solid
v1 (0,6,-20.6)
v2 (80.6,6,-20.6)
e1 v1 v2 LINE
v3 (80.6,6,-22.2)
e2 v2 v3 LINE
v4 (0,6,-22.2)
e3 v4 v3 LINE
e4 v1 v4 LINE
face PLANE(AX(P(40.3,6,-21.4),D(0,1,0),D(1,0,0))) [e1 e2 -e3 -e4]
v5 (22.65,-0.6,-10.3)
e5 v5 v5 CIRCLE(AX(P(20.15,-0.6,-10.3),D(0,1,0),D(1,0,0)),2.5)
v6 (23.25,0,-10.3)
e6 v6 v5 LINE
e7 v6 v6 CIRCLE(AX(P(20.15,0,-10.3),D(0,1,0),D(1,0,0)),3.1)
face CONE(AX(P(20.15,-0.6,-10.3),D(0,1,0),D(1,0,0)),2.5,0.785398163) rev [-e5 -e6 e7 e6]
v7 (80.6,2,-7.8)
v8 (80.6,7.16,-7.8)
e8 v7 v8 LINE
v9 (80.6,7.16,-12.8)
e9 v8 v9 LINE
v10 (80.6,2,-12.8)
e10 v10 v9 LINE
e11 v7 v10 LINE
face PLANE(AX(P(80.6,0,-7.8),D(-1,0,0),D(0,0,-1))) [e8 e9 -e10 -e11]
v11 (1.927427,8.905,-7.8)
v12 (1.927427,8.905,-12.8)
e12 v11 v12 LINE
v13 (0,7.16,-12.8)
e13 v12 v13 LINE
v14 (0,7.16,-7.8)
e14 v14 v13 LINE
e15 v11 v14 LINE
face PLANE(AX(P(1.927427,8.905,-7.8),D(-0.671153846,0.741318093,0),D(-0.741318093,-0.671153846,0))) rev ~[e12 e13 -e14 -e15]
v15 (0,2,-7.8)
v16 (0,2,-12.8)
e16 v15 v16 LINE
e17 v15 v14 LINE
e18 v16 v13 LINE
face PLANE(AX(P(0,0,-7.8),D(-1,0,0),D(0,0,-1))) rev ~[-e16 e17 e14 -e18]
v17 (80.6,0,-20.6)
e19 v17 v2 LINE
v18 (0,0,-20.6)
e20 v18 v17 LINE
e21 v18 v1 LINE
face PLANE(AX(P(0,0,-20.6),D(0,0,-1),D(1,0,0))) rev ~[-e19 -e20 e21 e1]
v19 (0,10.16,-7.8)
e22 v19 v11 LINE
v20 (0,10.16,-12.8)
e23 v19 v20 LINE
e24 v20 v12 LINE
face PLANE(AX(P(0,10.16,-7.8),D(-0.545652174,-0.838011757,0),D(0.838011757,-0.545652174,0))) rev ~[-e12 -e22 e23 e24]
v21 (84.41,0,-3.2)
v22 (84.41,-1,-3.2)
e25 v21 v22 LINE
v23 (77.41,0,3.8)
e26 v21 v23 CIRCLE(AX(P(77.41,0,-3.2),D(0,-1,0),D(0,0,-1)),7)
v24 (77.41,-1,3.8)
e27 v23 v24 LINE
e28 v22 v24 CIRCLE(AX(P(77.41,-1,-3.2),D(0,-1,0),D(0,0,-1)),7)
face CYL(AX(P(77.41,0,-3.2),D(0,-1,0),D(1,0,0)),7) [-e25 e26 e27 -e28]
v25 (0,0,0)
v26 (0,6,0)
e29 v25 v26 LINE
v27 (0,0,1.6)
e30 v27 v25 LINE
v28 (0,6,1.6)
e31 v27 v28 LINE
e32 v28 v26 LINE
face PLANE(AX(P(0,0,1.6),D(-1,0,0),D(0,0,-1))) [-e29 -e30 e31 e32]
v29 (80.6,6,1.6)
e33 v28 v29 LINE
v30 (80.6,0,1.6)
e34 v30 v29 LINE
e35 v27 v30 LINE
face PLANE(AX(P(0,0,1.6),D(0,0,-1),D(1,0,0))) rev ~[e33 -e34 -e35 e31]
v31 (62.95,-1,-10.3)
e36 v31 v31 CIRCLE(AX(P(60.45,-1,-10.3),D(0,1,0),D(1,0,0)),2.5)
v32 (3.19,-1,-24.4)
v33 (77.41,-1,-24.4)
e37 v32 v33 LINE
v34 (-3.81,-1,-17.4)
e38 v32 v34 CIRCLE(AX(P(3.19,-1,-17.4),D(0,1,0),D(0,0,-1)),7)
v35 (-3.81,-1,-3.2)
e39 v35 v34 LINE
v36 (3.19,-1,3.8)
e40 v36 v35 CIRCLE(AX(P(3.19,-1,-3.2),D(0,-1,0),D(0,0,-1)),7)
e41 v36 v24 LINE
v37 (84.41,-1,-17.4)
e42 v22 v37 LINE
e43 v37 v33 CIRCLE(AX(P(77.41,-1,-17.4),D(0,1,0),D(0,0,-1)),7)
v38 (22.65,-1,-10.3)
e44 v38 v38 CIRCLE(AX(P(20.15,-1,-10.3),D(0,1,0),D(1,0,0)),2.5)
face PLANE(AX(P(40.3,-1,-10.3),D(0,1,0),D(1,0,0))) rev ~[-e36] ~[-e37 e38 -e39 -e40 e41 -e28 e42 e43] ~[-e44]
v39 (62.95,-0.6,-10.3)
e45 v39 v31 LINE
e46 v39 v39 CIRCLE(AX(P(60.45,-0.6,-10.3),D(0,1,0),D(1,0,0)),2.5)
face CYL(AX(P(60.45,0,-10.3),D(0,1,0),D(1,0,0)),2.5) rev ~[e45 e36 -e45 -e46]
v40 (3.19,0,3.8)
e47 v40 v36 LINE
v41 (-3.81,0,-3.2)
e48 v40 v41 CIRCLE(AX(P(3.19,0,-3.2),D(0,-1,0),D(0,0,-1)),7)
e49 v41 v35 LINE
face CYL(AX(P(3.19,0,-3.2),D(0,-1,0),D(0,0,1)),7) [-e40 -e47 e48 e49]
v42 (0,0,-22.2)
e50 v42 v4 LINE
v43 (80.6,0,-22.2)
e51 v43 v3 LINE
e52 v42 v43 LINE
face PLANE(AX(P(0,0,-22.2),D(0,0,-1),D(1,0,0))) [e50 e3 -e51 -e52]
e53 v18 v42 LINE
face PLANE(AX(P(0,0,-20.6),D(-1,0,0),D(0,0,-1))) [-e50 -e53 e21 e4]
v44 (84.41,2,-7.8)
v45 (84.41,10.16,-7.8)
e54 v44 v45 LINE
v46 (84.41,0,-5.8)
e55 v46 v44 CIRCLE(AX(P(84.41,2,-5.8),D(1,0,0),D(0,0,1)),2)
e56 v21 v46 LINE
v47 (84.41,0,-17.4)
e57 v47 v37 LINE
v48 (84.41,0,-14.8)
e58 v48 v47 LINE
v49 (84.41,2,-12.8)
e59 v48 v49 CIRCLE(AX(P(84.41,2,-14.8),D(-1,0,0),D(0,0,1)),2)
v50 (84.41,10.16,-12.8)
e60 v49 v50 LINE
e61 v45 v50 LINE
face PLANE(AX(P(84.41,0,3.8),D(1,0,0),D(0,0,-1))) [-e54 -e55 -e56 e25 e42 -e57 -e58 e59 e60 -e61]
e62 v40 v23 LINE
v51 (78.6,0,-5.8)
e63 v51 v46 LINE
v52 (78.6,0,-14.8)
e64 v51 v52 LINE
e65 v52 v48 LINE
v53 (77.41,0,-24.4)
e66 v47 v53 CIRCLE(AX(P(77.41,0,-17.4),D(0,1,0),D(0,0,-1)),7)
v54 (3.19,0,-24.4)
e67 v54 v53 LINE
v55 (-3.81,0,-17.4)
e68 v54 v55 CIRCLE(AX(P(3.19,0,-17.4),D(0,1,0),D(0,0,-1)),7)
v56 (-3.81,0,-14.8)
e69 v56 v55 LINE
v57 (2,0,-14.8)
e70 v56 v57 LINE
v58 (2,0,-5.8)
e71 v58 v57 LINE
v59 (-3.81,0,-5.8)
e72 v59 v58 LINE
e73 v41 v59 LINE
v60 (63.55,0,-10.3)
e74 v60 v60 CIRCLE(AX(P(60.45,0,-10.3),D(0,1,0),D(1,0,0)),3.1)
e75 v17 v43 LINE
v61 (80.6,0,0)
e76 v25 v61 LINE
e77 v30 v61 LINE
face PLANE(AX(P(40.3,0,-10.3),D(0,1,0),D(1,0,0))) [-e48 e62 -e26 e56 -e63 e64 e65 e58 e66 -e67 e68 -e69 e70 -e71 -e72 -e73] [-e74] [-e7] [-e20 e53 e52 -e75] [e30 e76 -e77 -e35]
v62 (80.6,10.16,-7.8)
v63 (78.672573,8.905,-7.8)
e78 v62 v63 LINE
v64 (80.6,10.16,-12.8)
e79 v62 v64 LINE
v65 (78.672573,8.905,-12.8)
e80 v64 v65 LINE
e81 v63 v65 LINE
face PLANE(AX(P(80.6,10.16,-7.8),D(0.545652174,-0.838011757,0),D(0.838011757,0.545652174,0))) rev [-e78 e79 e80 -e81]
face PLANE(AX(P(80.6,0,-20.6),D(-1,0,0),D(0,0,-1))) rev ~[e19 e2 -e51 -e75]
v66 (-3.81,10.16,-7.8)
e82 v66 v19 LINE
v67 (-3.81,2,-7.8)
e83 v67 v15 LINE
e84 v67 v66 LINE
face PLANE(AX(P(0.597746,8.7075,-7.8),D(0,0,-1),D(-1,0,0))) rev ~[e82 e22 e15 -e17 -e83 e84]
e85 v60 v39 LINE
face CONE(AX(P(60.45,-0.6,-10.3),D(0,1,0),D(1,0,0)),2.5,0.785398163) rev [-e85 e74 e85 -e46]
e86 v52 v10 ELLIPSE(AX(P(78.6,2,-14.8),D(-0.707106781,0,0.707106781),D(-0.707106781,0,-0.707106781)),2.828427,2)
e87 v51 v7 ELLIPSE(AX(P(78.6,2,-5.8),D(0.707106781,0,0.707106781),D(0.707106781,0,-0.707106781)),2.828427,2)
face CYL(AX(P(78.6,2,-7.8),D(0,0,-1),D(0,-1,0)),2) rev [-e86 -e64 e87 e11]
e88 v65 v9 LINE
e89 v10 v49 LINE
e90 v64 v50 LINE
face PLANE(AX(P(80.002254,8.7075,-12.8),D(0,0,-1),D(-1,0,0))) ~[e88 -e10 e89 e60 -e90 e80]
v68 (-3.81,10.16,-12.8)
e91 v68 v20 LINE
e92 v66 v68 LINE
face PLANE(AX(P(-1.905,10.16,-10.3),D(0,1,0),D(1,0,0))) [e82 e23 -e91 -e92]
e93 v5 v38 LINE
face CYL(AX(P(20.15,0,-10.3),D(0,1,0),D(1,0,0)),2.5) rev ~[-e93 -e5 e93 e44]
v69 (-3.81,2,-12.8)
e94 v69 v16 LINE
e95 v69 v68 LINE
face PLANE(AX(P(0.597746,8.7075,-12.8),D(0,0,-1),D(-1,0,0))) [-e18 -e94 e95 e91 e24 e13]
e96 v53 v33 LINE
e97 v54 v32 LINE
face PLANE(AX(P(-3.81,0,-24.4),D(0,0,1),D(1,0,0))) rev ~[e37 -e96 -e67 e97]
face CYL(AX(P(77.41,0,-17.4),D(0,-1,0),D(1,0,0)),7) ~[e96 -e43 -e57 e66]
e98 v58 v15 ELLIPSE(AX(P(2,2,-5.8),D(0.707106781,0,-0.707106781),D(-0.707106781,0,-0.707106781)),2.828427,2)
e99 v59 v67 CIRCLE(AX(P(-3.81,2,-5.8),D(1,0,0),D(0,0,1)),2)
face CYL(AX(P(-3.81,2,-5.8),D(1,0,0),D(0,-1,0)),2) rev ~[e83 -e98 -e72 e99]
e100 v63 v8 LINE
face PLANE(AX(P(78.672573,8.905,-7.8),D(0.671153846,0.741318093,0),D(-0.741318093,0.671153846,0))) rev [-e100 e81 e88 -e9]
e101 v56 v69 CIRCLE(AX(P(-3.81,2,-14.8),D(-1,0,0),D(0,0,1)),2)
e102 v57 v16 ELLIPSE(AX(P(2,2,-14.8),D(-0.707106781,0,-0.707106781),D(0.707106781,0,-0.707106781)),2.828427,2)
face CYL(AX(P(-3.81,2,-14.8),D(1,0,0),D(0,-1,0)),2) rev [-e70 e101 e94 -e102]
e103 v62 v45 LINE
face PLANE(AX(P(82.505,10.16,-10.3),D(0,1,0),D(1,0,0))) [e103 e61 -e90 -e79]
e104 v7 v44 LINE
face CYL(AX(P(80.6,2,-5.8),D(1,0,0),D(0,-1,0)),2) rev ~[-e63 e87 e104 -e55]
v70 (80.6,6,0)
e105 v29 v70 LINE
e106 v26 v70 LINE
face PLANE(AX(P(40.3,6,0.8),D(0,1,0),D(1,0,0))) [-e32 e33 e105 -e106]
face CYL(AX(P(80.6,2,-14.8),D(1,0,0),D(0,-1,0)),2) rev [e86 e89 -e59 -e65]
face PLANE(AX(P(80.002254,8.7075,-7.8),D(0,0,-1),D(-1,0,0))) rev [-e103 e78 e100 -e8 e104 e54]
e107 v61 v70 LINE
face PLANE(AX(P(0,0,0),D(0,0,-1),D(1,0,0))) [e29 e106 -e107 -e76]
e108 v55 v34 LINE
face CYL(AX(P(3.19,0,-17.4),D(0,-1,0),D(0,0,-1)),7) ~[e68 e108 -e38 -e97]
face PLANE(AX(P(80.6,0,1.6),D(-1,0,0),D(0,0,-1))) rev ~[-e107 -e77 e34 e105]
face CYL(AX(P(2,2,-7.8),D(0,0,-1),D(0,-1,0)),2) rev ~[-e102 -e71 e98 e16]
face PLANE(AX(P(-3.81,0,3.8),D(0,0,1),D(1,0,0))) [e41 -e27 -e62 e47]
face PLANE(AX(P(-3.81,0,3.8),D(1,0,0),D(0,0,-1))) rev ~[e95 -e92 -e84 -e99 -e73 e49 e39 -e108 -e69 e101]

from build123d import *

# Parameters (mm, degrees)
SKETCH1_W           = 88.22
SKETCH1_H           = 28.2
SKETCH1_R           = 2.5
BOSS_EXTRUDE1_DEPTH = 1
SKETCH1_3_W         = 3.81
SKETCH1_3_H         = 5
BOSS_EXTRUDE2_DEPTH = 10.16
SKETCH1_4_W         = 80.6
SKETCH1_4_H         = 1.6
BOSS_EXTRUDE3_DEPTH = 6
BOSS_EXTRUDE4_DEPTH = 5
FILLET1_R           = 7
FILLET2_R           = 2
CHAMFER1_SIZE       = 0.6


with BuildPart() as part:
    # Sketch1 → Boss-Extrude1 (new body)
    with BuildSketch(Plane(origin=(0, 0, 0), x_dir=(1, 0, 0), z_dir=(0, 1, 0))):
        with Locations((40.3, 10.3)):
            Rectangle(SKETCH1_W, SKETCH1_H)
        with Locations((20.15, 10.3)):
            Circle(SKETCH1_R, mode=Mode.SUBTRACT)
        with Locations((60.45, 10.3)):
            Circle(SKETCH1_R, mode=Mode.SUBTRACT)
    extrude(amount=-BOSS_EXTRUDE1_DEPTH)

    # Sketch1<3> → Boss-Extrude2 (add)
    with BuildSketch(Plane(origin=(0, 0, 0), x_dir=(1, 0, 0), z_dir=(0, 1, 0))):
        with Locations((-1.905, 10.3)):
            Rectangle(SKETCH1_3_W, SKETCH1_3_H)
        with Locations((82.505, 10.3)):
            Rectangle(SKETCH1_3_W, SKETCH1_3_H)
    extrude(amount=BOSS_EXTRUDE2_DEPTH)

    # Sketch1<4> → Boss-Extrude3 (add)
    with BuildSketch(Plane(origin=(0, 0, 0), x_dir=(1, 0, 0), z_dir=(0, 1, 0))):
        with Locations((40.3, -0.8)):
            Rectangle(SKETCH1_4_W, SKETCH1_4_H)
        with Locations((40.3, 21.4)):
            Rectangle(SKETCH1_4_W, SKETCH1_4_H)
    extrude(amount=BOSS_EXTRUDE3_DEPTH)

    # Sketch2 → Boss-Extrude4 (add)
    with BuildSketch(Plane.XY.offset(-7.8)):
        Polygon((0, 10.16), (1.927427041, 8.905), (0, 7.16), align=None)
    boss_extrude4 = extrude(amount=-BOSS_EXTRUDE4_DEPTH)

    # Mirror1: Boss-Extrude4 across plane
    add(boss_extrude4.mirror(Plane.ZY.offset(-40.3)))

    # Fillet1
    fillet1_edges = [part.edges().sort_by_distance(p)[0] for p in [
        (84.41, -0.5, 3.8),
        (-3.81, -0.5, 3.8),
        (-3.81, -0.5, -24.4),
        (84.41, -0.5, -24.4),
    ]]
    fillet(fillet1_edges, radius=FILLET1_R)

    # Fillet2
    fillet2_edges = [part.edges().sort_by_distance(p)[0] for p in [
        (0, 0, -10.3),
        (-1.905, 0, -12.8),
        (-1.905, 0, -7.8),
        (82.505, 0, -7.8),
        (80.6, 0, -10.3),
        (82.505, 0, -12.8),
    ]]
    fillet(fillet2_edges, radius=FILLET2_R)

    # Chamfer1
    chamfer1_edges = [part.edges().sort_by_distance(p)[0] for p in [
        (17.65, 0, -10.3),
        (57.95, 0, -10.3),
    ]]
    chamfer(chamfer1_edges, length=CHAMFER1_SIZE)


solid = part.part
